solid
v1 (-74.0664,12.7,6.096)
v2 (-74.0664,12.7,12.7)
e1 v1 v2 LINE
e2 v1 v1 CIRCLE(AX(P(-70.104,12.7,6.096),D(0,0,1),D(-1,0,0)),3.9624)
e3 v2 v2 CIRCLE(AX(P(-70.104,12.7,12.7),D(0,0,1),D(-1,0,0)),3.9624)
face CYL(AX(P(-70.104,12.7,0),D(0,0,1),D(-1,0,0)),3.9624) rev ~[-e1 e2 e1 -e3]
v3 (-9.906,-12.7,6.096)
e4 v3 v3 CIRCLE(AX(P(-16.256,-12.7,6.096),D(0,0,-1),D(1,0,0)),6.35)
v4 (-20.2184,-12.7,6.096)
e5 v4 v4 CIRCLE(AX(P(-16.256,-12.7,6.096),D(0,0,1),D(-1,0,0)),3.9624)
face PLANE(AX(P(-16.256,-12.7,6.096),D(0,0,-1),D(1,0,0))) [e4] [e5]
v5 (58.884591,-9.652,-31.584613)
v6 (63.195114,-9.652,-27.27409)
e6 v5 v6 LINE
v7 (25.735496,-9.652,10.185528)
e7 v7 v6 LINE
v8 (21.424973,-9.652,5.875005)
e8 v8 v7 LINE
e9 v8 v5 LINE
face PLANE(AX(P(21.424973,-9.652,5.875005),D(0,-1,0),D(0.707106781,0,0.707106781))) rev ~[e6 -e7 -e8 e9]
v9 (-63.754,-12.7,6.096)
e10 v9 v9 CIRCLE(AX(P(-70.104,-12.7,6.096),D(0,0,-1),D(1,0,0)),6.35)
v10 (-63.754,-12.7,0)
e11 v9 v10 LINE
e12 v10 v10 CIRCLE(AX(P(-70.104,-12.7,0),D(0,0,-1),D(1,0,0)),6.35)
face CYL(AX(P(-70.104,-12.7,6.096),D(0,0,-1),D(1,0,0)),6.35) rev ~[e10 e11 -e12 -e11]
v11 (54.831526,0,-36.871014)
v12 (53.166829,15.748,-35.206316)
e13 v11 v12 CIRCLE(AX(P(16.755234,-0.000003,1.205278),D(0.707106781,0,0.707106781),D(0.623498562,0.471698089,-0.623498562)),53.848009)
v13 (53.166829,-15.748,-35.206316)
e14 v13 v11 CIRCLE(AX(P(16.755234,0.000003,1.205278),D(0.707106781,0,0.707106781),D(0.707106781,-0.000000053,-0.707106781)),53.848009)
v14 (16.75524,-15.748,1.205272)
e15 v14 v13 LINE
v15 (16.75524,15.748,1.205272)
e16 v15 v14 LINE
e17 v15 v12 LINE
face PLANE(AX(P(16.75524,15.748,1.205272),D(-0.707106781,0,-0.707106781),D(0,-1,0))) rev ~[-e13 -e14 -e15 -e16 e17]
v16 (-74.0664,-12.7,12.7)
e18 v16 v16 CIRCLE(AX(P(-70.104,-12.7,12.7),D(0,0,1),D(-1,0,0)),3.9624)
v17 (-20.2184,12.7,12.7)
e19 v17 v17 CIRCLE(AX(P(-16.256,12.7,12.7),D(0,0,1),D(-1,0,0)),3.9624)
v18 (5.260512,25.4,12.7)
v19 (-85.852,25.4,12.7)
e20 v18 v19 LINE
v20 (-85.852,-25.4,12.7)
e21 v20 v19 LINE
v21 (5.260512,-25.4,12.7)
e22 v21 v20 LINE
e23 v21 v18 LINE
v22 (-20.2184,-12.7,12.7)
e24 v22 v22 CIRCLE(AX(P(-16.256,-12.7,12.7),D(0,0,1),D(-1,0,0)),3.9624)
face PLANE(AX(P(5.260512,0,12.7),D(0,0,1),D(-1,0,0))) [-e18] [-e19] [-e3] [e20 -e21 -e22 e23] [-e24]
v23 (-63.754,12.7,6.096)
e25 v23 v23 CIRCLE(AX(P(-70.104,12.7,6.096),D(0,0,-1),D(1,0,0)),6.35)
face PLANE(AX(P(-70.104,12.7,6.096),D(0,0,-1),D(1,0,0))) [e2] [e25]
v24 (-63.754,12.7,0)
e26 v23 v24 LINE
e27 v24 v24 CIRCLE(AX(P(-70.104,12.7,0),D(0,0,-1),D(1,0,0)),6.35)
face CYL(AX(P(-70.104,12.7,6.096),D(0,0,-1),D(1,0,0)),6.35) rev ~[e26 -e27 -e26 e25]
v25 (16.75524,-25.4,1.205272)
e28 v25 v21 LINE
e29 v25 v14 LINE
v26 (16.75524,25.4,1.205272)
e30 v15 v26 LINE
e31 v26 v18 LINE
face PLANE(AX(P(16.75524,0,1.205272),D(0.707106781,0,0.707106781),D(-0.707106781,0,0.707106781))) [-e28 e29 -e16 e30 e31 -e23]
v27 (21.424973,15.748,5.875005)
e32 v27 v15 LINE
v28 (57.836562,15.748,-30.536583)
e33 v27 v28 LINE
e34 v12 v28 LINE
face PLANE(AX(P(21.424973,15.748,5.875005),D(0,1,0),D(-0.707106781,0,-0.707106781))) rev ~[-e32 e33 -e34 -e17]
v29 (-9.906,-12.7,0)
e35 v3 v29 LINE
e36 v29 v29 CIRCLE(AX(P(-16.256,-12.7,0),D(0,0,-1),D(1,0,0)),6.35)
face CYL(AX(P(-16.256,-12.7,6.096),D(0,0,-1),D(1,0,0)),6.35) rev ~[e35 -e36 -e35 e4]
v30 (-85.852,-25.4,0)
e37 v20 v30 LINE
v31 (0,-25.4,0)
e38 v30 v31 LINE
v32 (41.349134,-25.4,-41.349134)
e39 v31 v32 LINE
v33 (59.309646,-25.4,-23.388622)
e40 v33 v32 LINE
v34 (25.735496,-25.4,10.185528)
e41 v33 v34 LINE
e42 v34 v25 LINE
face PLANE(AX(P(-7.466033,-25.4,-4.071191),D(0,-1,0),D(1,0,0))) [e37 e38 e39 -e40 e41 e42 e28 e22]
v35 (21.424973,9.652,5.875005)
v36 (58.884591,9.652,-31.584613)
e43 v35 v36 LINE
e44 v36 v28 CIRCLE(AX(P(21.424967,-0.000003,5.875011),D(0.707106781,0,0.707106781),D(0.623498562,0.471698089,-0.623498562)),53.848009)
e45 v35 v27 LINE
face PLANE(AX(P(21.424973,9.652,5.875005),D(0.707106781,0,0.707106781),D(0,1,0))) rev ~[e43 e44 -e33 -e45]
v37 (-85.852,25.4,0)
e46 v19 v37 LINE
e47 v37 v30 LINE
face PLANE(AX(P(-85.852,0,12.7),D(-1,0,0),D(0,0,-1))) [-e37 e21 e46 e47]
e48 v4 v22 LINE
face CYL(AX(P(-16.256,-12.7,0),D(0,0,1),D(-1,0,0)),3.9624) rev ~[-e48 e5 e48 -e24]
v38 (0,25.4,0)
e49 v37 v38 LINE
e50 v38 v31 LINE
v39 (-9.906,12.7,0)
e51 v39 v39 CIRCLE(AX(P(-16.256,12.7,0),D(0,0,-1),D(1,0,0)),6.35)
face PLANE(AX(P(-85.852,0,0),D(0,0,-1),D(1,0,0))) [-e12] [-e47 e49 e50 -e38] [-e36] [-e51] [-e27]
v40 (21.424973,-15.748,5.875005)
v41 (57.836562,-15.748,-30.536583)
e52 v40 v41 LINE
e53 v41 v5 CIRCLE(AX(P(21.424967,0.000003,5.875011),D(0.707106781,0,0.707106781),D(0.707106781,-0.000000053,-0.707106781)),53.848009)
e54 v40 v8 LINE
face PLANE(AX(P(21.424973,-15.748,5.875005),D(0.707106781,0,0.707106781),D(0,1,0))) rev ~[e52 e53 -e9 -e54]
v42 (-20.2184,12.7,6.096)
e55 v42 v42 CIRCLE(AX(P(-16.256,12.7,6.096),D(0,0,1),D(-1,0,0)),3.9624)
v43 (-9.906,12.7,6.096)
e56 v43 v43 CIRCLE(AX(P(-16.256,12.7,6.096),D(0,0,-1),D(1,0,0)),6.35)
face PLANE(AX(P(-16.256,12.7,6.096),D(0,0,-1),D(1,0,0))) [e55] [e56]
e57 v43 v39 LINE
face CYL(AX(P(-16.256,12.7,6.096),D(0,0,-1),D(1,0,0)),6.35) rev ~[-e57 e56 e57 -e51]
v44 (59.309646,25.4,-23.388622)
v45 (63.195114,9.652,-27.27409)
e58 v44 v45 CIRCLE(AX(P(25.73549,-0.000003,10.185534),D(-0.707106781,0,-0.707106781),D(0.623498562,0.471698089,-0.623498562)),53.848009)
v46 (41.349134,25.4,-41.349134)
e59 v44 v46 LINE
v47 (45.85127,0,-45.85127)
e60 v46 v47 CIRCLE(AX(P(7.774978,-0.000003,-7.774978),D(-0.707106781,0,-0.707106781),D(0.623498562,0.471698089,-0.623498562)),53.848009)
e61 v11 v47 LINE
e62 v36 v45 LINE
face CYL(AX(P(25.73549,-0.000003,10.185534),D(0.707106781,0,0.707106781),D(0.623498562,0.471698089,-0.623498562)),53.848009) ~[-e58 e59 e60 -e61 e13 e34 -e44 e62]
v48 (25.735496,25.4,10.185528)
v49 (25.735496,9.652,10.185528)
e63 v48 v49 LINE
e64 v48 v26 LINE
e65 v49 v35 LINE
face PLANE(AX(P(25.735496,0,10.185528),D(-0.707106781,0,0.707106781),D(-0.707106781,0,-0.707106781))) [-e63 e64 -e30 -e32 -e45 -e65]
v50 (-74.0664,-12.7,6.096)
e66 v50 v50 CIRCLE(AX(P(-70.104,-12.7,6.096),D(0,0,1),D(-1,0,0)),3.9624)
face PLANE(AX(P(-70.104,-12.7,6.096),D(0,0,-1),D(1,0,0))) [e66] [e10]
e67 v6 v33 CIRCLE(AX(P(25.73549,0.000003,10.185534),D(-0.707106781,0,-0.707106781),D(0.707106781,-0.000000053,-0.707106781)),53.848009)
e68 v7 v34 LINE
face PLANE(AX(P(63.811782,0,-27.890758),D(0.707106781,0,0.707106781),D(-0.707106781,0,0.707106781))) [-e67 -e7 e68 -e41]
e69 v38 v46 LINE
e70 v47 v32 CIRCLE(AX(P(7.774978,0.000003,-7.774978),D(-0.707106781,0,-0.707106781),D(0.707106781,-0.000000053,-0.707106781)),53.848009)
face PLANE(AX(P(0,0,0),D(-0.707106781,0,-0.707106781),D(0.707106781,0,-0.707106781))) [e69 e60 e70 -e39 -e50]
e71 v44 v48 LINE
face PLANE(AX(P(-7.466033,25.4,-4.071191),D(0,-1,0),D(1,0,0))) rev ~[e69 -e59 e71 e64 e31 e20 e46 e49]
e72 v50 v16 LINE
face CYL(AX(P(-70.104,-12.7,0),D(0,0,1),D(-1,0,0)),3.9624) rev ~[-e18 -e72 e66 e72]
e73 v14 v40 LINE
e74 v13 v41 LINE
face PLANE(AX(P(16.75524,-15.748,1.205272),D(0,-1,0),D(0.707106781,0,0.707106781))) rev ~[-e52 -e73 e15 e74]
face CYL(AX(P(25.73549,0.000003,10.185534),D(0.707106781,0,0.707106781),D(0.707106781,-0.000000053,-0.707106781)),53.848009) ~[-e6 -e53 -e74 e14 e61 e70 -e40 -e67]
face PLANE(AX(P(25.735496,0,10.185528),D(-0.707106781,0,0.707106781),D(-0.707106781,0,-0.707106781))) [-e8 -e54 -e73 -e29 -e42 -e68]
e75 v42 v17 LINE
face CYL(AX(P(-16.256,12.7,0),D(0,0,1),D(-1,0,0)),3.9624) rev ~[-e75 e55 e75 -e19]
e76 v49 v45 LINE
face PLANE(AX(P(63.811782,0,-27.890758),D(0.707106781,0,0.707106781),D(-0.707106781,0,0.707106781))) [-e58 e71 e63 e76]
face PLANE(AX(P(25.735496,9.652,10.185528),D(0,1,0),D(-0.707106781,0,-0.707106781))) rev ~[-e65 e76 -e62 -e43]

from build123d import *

# Parameters (mm, degrees)
F1_DEPTH       = 25.4
F3_D           = 7.9248
F3_CBORE_D     = 12.7
F3_CBORE_DEPTH = 6.096
F5_DEPTH       = 25.4
F7_DEPTH       = 66.549


with BuildPart() as f1:
    # F0 (on Front) → F1 (new body, symmetric)
    with BuildSketch(Plane.XZ):
        Polygon((-85.852, 12.7), (-85.852, 0), (0, 0), (45.85127, -45.85127), (63.811782, -27.890758), (25.735496, 10.185528), (16.75524, 1.205272), (5.260512, 12.7), align=None)
    extrude(amount=F1_DEPTH, both=True)

    # F3 (through all)
    with Locations(Plane(origin=(0, 0, 0), x_dir=(1, 0, 0), z_dir=(0, 0, -1))):
        with Locations((-70.104, 12.7), (-16.256, 12.7), (-70.104, -12.7), (-16.256, -12.7)):
            CounterBoreHole(F3_D / 2, F3_CBORE_D / 2, F3_CBORE_DEPTH)

    # F4 (on face) → F5 (cut)
    with BuildSketch(Plane(origin=(17.960512, 0, 17.960512), x_dir=(0.707107, 0, -0.707107), z_dir=(0.707107, 0, 0.707107))):
        with BuildLine():
            ThreePointArc((58.476506, 25.4), (63.227494, 13.092922), (64.843488, 0))
            Line((64.843488, 0), (64.843488, 25.4))
            Line((64.843488, 25.4), (58.476506, 25.4))
        make_face()
        with BuildLine():
            ThreePointArc((64.843488, 0), (63.227494, -13.092922), (58.476506, -25.4))
            Line((58.476506, -25.4), (64.843488, -25.4))
            Line((64.843488, -25.4), (64.843488, 0))
        make_face()
    extrude(amount=-F5_DEPTH, mode=Mode.SUBTRACT)

    # F6 (on face) → F7 (cut, through all)
    with BuildSketch(Plane(origin=(7.774984, 0, -7.774984), x_dir=(0, -1, 0), z_dir=(-0.707107, 0, 0.707107))):
        Polygon((9.652, 25.4), (-9.652, 25.4), (-9.652, 19.304), (-15.748, 19.304), (-15.748, 12.7), (15.748, 12.7), (15.748, 19.304), (9.652, 19.304), align=None)
    extrude(amount=-F7_DEPTH, mode=Mode.SUBTRACT)


solid = f1.part
